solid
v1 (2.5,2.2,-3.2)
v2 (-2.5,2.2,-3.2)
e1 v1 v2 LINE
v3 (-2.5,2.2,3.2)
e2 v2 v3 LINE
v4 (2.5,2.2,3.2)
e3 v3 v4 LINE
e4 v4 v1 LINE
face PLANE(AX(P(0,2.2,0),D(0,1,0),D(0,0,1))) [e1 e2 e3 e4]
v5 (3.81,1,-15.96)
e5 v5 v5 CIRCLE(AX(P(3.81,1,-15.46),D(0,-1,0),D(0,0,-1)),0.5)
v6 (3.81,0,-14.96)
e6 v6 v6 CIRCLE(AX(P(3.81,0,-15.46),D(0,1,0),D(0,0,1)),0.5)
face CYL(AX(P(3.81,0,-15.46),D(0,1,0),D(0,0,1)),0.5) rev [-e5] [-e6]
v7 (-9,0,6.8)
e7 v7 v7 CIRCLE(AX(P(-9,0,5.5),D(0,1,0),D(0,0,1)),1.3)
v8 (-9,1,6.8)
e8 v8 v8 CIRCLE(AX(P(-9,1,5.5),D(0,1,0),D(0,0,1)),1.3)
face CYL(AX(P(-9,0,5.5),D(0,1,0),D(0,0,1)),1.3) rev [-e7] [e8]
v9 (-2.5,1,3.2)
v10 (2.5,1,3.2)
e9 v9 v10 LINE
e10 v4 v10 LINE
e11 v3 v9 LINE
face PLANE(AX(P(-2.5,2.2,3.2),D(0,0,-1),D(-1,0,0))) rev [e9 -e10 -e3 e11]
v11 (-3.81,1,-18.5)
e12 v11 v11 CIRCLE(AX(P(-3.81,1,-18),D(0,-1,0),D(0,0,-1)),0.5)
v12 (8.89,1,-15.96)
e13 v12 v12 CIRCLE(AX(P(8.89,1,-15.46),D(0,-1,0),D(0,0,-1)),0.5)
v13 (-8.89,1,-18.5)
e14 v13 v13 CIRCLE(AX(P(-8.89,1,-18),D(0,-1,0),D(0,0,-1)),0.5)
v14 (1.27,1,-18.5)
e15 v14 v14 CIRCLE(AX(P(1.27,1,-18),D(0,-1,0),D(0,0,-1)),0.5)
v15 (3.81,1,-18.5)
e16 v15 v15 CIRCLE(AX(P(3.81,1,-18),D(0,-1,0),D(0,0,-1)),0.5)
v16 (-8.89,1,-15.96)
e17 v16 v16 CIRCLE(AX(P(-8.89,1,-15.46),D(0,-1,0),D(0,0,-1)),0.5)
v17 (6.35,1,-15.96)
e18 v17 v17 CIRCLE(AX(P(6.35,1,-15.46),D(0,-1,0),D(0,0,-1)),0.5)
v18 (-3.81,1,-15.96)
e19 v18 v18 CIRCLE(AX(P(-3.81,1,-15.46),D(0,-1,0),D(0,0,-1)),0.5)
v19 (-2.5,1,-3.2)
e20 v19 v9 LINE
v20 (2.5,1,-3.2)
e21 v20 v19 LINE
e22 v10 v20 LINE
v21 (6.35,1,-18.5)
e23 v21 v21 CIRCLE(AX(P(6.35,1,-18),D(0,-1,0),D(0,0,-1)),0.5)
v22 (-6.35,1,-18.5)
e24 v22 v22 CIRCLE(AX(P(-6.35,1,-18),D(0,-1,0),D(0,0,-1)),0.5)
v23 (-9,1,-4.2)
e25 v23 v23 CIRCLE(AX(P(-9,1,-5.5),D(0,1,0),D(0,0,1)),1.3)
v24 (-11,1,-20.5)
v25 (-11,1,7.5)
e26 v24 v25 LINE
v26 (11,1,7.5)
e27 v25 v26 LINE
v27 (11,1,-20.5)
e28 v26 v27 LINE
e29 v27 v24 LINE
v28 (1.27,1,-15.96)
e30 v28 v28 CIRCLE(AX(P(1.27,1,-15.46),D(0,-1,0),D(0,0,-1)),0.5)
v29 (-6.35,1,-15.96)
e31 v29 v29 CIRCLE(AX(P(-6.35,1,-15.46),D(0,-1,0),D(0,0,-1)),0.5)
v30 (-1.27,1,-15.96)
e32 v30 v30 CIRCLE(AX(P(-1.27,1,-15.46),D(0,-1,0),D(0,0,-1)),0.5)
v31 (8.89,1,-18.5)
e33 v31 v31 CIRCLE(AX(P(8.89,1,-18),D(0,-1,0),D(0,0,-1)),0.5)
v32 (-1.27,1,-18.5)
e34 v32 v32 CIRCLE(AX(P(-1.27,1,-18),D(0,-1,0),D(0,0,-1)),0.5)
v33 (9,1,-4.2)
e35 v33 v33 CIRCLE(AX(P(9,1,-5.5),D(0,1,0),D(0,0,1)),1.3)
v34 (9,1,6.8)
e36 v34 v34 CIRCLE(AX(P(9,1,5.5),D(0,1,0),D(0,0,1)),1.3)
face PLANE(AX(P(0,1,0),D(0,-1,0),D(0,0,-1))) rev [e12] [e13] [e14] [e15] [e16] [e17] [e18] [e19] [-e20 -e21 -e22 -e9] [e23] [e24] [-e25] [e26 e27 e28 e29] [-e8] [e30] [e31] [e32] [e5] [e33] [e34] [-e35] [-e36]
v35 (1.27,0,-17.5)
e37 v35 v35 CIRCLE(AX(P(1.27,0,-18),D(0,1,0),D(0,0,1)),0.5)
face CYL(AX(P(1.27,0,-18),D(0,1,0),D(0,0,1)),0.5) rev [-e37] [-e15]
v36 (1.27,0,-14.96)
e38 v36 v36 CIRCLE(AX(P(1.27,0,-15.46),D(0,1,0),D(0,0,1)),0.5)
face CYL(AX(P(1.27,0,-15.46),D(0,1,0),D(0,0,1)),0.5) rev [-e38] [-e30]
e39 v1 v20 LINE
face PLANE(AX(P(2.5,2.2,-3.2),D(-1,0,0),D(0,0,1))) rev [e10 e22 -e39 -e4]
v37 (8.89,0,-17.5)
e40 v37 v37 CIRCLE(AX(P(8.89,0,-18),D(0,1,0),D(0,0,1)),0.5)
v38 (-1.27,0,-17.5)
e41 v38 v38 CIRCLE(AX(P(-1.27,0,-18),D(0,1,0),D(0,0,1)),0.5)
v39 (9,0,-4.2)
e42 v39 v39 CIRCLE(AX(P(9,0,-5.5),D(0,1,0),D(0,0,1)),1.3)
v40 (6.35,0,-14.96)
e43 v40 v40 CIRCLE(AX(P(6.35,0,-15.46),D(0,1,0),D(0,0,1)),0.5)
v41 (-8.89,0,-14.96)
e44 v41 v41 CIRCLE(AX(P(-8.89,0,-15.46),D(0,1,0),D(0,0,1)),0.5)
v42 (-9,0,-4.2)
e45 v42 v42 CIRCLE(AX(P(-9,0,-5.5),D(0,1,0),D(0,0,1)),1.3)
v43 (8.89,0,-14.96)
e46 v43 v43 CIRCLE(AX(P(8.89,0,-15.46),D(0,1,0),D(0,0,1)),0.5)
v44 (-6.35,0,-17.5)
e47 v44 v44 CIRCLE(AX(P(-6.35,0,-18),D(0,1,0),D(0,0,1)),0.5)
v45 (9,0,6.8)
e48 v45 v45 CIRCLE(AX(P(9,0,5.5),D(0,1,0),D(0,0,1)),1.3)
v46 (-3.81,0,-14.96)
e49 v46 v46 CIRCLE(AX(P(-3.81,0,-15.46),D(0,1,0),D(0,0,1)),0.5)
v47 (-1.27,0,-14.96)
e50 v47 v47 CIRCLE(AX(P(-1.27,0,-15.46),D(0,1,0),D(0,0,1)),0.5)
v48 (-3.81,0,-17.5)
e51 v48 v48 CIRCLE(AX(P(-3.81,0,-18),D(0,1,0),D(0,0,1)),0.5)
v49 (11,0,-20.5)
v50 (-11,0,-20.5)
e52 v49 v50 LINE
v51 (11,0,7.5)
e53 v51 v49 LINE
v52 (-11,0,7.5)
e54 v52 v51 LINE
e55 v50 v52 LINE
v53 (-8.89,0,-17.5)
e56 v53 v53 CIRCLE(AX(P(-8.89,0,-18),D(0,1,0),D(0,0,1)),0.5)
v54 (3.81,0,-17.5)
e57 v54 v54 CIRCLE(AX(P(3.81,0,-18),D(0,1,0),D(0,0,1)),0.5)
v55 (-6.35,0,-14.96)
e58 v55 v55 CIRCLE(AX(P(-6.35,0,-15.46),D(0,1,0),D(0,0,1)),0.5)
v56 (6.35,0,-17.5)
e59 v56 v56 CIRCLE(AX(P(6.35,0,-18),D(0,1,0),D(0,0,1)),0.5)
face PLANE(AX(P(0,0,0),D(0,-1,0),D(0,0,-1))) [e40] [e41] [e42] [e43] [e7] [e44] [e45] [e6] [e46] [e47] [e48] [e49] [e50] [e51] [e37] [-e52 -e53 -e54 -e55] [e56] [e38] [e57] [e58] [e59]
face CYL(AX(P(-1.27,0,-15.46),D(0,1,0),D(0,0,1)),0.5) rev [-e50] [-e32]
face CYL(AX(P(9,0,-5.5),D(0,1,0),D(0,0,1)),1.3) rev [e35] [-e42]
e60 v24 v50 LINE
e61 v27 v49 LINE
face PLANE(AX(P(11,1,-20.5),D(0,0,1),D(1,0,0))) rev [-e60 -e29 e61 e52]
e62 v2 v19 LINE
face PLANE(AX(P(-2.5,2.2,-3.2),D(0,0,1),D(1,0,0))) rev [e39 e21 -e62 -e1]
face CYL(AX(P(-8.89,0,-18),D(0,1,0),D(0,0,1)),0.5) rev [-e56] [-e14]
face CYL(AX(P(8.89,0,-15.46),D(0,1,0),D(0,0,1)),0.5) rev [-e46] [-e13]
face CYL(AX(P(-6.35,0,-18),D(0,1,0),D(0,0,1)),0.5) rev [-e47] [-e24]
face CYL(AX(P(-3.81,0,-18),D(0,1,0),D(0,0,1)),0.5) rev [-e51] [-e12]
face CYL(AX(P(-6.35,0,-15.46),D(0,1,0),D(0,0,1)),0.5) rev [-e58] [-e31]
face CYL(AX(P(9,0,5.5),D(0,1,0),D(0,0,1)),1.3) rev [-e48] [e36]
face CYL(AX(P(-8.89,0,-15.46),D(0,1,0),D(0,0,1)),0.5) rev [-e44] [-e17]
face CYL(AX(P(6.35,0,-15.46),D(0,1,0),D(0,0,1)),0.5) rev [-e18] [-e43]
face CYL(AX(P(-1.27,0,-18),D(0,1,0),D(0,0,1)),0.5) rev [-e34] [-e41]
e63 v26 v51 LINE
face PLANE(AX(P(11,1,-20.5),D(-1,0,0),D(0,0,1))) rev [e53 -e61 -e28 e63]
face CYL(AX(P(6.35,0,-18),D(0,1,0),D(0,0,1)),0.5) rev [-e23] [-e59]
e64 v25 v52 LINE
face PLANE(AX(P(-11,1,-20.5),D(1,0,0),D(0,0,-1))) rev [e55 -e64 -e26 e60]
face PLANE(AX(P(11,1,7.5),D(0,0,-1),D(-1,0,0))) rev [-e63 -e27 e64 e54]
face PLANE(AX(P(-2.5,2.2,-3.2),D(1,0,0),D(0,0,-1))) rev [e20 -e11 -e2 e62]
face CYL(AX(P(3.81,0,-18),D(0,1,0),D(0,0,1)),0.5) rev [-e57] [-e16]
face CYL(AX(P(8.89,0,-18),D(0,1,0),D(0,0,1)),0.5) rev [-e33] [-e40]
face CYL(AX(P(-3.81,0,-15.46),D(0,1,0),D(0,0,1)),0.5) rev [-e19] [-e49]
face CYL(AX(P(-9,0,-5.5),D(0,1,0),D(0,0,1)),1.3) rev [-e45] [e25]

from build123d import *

# Parameters (mm, degrees)
SKETCH1_W           = 22
SKETCH1_H           = 28
BOSS_EXTRUDE1_DEPTH = 1
SKETCH2_R           = 1.3
CUT_EXTRUDE8_DEPTH  = 24.286262044
SKETCH3_W           = 5
SKETCH3_H           = 6.4
IC_DEPTH            = 1.2
SKETCH4_R           = 0.5
CUT_EXTRUDE9_DEPTH  = 24.368568634


with BuildPart() as part:
    # Sketch1 → Boss-Extrude1 (new body)
    with BuildSketch(Plane(origin=(0, 0, 0), x_dir=(1, 0, 0), z_dir=(0, 1, 0))):
        with Locations((0, 6.5)):
            Rectangle(SKETCH1_W, SKETCH1_H)
    extrude(amount=BOSS_EXTRUDE1_DEPTH)

    # Sketch2 → Cut-Extrude8 (cut, through all)
    with BuildSketch(Plane(origin=(0, 1, 0), x_dir=(1, 0, 0), z_dir=(0, 1, 0))):
        with Locations(Location((-9, -5.5, 0), (0, 0, 270))):
            Circle(SKETCH2_R)
        with Locations(Location((9, -5.5, 0), (0, 0, 270))):
            Circle(SKETCH2_R)
        with Locations(Location((9, 5.5, 0), (0, 0, 270))):
            Circle(SKETCH2_R)
        with Locations(Location((-9, 5.5, 0), (0, 0, 270))):
            Circle(SKETCH2_R)
    extrude(amount=-CUT_EXTRUDE8_DEPTH, mode=Mode.SUBTRACT)

    # Sketch3 → IC (add)
    with BuildSketch(Plane(origin=(0, 1, 0), x_dir=(1, 0, 0), z_dir=(0, 1, 0))):
        Rectangle(SKETCH3_W, SKETCH3_H)
    extrude(amount=IC_DEPTH)

    # Sketch4 → Cut-Extrude9 (cut, through all)
    with BuildSketch(Plane(origin=(0, 2.2, 0), x_dir=(1, 0, 0), z_dir=(0, 1, 0))):
        with Locations(Location((-8.89, 15.46, 0), (0, 0, 270))):
            Circle(SKETCH4_R)
        with Locations(Location((-6.35, 15.46, 0), (0, 0, 270))):
            Circle(SKETCH4_R)
        with Locations(Location((-3.81, 15.46, 0), (0, 0, 270))):
            Circle(SKETCH4_R)
        with Locations(Location((-1.27, 15.46, 0), (0, 0, 270))):
            Circle(SKETCH4_R)
        with Locations(Location((1.27, 15.46, 0), (0, 0, 270))):
            Circle(SKETCH4_R)
        with Locations(Location((3.81, 15.46, 0), (0, 0, 270))):
            Circle(SKETCH4_R)
        with Locations(Location((6.35, 15.46, 0), (0, 0, 270))):
            Circle(SKETCH4_R)
        with Locations(Location((8.89, 15.46, 0), (0, 0, 270))):
            Circle(SKETCH4_R)
        with Locations(Location((-6.35, 18, 0), (0, 0, 270))):
            Circle(SKETCH4_R)
        with Locations(Location((-3.81, 18, 0), (0, 0, 270))):
            Circle(SKETCH4_R)
        with Locations(Location((-1.27, 18, 0), (0, 0, 270))):
            Circle(SKETCH4_R)
        with Locations(Location((1.27, 18, 0), (0, 0, 270))):
            Circle(SKETCH4_R)
        with Locations(Location((3.81, 18, 0), (0, 0, 270))):
            Circle(SKETCH4_R)
        with Locations(Location((6.35, 18, 0), (0, 0, 270))):
            Circle(SKETCH4_R)
        with Locations(Location((8.89, 18, 0), (0, 0, 270))):
            Circle(SKETCH4_R)
        with Locations(Location((-8.89, 18, 0), (0, 0, 270))):
            Circle(SKETCH4_R)
    extrude(amount=-CUT_EXTRUDE9_DEPTH, mode=Mode.SUBTRACT)


solid = part.part
